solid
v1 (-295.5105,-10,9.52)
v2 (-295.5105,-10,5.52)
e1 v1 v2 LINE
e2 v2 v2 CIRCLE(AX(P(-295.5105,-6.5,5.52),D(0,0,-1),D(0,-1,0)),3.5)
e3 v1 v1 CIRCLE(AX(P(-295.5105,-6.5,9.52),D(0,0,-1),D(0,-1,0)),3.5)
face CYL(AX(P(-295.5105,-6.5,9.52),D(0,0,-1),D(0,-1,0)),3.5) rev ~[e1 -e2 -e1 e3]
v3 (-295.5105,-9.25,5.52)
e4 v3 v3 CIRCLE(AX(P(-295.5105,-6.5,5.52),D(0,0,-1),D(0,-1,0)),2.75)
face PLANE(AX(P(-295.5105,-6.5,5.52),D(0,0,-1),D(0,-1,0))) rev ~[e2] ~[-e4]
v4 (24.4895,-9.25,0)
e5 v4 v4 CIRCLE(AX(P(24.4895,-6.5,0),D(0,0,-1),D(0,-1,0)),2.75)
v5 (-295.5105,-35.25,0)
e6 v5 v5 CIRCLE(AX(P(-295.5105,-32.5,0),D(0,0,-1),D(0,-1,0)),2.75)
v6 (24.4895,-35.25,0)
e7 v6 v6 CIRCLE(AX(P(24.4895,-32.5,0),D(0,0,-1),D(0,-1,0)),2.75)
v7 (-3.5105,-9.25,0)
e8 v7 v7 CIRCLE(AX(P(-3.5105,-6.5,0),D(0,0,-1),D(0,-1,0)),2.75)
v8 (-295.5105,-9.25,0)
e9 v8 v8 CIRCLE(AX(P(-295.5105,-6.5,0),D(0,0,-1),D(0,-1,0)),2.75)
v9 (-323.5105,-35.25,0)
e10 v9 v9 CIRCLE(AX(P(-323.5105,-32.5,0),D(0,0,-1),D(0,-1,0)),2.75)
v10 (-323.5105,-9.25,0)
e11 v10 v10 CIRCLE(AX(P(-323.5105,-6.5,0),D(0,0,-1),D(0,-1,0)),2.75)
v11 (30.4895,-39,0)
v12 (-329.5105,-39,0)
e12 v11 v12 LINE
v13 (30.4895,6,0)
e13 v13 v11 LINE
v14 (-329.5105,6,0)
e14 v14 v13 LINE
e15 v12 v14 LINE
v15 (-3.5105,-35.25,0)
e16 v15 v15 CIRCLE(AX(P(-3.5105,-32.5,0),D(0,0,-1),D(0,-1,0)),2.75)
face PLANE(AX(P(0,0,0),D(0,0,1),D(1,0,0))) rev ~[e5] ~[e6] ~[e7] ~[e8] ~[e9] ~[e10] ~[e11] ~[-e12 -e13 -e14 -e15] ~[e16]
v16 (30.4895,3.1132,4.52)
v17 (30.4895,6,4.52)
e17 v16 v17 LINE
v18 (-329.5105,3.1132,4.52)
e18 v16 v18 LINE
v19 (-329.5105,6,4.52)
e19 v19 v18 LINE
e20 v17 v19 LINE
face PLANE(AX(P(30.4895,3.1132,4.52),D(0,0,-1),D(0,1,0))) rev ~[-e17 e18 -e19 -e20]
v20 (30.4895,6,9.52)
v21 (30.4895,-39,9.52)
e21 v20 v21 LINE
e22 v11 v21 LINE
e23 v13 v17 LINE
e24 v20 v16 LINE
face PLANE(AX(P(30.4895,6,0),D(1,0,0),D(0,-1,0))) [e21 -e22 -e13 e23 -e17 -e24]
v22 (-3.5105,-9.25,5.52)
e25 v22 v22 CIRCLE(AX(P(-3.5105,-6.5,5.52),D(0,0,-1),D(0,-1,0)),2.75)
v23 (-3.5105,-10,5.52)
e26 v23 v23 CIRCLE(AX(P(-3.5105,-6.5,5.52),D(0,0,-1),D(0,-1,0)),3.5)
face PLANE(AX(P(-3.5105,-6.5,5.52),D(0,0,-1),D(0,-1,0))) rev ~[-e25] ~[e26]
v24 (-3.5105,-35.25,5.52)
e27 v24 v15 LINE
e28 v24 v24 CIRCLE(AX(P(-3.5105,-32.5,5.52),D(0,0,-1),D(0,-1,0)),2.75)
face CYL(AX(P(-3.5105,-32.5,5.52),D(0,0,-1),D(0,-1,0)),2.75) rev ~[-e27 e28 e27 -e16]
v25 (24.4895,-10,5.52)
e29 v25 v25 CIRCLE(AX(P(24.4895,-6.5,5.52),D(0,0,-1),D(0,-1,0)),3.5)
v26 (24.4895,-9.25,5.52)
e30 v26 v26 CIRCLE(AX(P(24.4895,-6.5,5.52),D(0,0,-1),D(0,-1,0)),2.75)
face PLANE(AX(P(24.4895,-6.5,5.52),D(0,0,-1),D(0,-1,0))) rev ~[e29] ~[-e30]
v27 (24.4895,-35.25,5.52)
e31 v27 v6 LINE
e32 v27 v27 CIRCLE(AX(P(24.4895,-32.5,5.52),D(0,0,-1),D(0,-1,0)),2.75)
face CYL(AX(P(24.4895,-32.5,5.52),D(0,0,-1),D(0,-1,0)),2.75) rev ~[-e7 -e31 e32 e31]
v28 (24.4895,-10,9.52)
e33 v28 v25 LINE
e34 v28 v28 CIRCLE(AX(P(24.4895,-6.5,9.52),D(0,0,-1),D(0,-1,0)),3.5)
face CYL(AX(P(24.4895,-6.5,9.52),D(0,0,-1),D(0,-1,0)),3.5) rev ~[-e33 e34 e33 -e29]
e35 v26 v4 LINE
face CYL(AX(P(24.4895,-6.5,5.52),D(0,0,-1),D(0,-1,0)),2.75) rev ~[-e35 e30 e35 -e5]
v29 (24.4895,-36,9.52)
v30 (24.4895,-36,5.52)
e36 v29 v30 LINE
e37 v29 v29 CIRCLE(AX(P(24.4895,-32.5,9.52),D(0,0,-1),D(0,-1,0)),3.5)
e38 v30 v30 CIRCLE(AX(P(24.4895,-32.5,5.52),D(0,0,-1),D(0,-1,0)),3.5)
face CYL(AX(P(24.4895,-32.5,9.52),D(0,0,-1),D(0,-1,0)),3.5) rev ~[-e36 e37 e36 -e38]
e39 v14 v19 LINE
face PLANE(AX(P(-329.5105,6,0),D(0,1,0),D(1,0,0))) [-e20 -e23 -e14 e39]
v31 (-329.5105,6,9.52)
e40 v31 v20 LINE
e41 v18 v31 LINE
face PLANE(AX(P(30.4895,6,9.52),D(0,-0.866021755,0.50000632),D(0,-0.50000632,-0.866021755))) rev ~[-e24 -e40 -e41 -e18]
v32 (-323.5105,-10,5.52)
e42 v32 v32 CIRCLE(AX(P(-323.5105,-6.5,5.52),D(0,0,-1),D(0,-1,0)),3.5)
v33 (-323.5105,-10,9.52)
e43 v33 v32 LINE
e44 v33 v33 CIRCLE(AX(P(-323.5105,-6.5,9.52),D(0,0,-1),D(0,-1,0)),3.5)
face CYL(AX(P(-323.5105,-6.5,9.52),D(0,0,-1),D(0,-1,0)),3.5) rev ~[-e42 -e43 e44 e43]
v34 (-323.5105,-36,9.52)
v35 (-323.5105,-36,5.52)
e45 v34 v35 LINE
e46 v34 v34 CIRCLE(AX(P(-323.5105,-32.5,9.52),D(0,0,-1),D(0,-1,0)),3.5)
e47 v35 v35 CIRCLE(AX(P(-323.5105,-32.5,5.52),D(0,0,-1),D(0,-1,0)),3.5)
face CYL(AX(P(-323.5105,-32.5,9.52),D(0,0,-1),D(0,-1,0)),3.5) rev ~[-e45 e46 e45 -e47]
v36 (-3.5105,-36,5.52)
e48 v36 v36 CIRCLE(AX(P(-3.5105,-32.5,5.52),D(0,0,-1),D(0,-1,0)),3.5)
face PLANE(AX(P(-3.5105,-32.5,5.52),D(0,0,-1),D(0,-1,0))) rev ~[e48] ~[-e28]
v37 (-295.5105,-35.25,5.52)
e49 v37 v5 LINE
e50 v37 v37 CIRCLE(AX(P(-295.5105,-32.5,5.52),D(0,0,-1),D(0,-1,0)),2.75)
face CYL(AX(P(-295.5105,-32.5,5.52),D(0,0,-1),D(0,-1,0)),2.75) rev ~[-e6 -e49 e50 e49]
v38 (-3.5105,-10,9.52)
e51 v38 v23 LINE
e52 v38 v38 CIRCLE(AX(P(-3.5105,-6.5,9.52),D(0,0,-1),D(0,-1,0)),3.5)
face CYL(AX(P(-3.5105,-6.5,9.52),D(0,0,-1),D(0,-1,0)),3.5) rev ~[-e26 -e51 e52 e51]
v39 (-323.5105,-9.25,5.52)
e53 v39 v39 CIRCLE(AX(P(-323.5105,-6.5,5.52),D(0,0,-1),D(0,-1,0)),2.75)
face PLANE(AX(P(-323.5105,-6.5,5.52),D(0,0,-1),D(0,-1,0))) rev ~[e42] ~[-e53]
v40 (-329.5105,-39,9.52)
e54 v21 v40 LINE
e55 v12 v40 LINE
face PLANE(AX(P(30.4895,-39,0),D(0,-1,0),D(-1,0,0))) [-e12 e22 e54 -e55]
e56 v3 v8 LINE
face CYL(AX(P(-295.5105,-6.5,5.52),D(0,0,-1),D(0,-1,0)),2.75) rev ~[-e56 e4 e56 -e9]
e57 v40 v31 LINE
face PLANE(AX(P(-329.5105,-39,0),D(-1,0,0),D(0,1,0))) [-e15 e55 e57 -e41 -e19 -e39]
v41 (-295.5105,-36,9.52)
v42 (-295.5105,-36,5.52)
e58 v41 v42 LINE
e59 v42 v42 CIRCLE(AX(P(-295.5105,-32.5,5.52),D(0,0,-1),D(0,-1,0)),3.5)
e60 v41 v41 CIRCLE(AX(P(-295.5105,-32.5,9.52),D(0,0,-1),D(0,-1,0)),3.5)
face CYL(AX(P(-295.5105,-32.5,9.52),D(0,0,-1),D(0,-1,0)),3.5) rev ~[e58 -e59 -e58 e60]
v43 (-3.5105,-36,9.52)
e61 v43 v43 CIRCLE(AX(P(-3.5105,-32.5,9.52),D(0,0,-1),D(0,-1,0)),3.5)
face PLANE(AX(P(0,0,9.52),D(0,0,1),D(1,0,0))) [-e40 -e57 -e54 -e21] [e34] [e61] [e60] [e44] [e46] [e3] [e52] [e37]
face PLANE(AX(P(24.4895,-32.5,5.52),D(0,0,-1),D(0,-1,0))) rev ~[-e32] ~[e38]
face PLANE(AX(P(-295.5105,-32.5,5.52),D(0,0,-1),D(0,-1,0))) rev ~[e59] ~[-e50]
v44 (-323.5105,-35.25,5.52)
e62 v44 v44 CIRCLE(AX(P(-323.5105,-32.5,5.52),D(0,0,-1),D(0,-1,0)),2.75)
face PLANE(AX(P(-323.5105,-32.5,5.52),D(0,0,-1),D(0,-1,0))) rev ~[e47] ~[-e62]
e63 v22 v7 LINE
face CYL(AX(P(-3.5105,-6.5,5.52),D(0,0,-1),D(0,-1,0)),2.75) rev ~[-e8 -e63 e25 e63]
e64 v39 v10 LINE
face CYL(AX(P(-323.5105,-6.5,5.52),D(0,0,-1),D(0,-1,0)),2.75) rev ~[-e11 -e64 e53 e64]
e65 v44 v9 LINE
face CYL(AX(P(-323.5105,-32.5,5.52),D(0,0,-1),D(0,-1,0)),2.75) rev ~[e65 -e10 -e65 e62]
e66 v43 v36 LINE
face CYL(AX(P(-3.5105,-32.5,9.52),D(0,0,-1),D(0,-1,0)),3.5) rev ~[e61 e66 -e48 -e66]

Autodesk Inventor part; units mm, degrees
ref_plane "YZ Plane" through (0, 0, 0) normal (1, 0, 0) x (0, 1, 0)
ref_plane "XZ Plane" through (0, 0, 0) normal (0, 1, 0) x (-1, 0, 0)
ref_plane "XY Plane" through (0, 0, 0) normal (0, 0, 1) x (1, 0, 0)
sketch "Esboço1" plane through (0, 0, 0) normal (0, 0, 1) x (1, 0, 0)
  line L0 (30.4895, -39) -> (-329.5105, -39)
  line L1 (-329.5105, -39) -> (-329.5105, 6)
  line L2 (-329.5105, 6) -> (30.4895, 6)
  line L3 (30.4895, 6) -> (30.4895, -39)
  point P0 (0, 0)
  point P1 (-329.5105, 0)
  dimension "d0" = 45
extrude "Extrusão1" add sketch "Esboço1" along normal blind 9.52
sketch "Esboço2" plane through (0, 0, 9.52) normal (0, 0, 1) x (1, 0, 0)
  circle A0 centre (24.4895, -32.5) radius 2.067 projected
  circle A1 centre (24.4895, -6.5) radius 2.067 projected
  circle A2 centre (-3.5105, -6.5) radius 2.067 projected
  circle A3 centre (-3.5105, -32.5) radius 2.067 projected
  circle A4 centre (-323.5105, -32.5) radius 2.067 projected
  circle A5 centre (-295.5105, -32.5) radius 2.067 projected
  circle A6 centre (-295.5105, -6.5) radius 2.067 projected
  circle A7 centre (-323.5105, -6.5) radius 2.067 projected
  point P0 (0, 0)
hole "Furo1" at (24.4895, -32.5, 9.52) at (-3.5105, -32.5, 9.52) at (-3.5105, -6.5, 9.52) at (24.4895, -6.5, 9.52) at (-323.5105, -32.5, 9.52) at (-295.5105, -32.5, 9.52) at (-295.5105, -6.5, 9.52) at (-323.5105, -6.5, 9.52) direction (0, 0, -1) diameter 5.5 end through all counterbore diameter 7 counterbore depth 4
sketch "Esboço3" plane through (30.4895, -39, 0) normal (1, 0, 0) x (0, 0, -1)
  line L0 (0, 45) -> (-9.52, 45) projected
  line L1 (-9.52, 45) -> (-4.52, 42.1132)
  line L2 (-9.52, 45) -> (-3.7465, 45) construction
  line L3 (-4.52, 42.1132) -> (-4.52, 45)
  point P0 (0, 39)
  dimension "d10" = 30
  dimension "d13" = 5
extrude "Extrusão2" cut sketch "Esboço3" against normal through all
properties part number "SuportePincas"
